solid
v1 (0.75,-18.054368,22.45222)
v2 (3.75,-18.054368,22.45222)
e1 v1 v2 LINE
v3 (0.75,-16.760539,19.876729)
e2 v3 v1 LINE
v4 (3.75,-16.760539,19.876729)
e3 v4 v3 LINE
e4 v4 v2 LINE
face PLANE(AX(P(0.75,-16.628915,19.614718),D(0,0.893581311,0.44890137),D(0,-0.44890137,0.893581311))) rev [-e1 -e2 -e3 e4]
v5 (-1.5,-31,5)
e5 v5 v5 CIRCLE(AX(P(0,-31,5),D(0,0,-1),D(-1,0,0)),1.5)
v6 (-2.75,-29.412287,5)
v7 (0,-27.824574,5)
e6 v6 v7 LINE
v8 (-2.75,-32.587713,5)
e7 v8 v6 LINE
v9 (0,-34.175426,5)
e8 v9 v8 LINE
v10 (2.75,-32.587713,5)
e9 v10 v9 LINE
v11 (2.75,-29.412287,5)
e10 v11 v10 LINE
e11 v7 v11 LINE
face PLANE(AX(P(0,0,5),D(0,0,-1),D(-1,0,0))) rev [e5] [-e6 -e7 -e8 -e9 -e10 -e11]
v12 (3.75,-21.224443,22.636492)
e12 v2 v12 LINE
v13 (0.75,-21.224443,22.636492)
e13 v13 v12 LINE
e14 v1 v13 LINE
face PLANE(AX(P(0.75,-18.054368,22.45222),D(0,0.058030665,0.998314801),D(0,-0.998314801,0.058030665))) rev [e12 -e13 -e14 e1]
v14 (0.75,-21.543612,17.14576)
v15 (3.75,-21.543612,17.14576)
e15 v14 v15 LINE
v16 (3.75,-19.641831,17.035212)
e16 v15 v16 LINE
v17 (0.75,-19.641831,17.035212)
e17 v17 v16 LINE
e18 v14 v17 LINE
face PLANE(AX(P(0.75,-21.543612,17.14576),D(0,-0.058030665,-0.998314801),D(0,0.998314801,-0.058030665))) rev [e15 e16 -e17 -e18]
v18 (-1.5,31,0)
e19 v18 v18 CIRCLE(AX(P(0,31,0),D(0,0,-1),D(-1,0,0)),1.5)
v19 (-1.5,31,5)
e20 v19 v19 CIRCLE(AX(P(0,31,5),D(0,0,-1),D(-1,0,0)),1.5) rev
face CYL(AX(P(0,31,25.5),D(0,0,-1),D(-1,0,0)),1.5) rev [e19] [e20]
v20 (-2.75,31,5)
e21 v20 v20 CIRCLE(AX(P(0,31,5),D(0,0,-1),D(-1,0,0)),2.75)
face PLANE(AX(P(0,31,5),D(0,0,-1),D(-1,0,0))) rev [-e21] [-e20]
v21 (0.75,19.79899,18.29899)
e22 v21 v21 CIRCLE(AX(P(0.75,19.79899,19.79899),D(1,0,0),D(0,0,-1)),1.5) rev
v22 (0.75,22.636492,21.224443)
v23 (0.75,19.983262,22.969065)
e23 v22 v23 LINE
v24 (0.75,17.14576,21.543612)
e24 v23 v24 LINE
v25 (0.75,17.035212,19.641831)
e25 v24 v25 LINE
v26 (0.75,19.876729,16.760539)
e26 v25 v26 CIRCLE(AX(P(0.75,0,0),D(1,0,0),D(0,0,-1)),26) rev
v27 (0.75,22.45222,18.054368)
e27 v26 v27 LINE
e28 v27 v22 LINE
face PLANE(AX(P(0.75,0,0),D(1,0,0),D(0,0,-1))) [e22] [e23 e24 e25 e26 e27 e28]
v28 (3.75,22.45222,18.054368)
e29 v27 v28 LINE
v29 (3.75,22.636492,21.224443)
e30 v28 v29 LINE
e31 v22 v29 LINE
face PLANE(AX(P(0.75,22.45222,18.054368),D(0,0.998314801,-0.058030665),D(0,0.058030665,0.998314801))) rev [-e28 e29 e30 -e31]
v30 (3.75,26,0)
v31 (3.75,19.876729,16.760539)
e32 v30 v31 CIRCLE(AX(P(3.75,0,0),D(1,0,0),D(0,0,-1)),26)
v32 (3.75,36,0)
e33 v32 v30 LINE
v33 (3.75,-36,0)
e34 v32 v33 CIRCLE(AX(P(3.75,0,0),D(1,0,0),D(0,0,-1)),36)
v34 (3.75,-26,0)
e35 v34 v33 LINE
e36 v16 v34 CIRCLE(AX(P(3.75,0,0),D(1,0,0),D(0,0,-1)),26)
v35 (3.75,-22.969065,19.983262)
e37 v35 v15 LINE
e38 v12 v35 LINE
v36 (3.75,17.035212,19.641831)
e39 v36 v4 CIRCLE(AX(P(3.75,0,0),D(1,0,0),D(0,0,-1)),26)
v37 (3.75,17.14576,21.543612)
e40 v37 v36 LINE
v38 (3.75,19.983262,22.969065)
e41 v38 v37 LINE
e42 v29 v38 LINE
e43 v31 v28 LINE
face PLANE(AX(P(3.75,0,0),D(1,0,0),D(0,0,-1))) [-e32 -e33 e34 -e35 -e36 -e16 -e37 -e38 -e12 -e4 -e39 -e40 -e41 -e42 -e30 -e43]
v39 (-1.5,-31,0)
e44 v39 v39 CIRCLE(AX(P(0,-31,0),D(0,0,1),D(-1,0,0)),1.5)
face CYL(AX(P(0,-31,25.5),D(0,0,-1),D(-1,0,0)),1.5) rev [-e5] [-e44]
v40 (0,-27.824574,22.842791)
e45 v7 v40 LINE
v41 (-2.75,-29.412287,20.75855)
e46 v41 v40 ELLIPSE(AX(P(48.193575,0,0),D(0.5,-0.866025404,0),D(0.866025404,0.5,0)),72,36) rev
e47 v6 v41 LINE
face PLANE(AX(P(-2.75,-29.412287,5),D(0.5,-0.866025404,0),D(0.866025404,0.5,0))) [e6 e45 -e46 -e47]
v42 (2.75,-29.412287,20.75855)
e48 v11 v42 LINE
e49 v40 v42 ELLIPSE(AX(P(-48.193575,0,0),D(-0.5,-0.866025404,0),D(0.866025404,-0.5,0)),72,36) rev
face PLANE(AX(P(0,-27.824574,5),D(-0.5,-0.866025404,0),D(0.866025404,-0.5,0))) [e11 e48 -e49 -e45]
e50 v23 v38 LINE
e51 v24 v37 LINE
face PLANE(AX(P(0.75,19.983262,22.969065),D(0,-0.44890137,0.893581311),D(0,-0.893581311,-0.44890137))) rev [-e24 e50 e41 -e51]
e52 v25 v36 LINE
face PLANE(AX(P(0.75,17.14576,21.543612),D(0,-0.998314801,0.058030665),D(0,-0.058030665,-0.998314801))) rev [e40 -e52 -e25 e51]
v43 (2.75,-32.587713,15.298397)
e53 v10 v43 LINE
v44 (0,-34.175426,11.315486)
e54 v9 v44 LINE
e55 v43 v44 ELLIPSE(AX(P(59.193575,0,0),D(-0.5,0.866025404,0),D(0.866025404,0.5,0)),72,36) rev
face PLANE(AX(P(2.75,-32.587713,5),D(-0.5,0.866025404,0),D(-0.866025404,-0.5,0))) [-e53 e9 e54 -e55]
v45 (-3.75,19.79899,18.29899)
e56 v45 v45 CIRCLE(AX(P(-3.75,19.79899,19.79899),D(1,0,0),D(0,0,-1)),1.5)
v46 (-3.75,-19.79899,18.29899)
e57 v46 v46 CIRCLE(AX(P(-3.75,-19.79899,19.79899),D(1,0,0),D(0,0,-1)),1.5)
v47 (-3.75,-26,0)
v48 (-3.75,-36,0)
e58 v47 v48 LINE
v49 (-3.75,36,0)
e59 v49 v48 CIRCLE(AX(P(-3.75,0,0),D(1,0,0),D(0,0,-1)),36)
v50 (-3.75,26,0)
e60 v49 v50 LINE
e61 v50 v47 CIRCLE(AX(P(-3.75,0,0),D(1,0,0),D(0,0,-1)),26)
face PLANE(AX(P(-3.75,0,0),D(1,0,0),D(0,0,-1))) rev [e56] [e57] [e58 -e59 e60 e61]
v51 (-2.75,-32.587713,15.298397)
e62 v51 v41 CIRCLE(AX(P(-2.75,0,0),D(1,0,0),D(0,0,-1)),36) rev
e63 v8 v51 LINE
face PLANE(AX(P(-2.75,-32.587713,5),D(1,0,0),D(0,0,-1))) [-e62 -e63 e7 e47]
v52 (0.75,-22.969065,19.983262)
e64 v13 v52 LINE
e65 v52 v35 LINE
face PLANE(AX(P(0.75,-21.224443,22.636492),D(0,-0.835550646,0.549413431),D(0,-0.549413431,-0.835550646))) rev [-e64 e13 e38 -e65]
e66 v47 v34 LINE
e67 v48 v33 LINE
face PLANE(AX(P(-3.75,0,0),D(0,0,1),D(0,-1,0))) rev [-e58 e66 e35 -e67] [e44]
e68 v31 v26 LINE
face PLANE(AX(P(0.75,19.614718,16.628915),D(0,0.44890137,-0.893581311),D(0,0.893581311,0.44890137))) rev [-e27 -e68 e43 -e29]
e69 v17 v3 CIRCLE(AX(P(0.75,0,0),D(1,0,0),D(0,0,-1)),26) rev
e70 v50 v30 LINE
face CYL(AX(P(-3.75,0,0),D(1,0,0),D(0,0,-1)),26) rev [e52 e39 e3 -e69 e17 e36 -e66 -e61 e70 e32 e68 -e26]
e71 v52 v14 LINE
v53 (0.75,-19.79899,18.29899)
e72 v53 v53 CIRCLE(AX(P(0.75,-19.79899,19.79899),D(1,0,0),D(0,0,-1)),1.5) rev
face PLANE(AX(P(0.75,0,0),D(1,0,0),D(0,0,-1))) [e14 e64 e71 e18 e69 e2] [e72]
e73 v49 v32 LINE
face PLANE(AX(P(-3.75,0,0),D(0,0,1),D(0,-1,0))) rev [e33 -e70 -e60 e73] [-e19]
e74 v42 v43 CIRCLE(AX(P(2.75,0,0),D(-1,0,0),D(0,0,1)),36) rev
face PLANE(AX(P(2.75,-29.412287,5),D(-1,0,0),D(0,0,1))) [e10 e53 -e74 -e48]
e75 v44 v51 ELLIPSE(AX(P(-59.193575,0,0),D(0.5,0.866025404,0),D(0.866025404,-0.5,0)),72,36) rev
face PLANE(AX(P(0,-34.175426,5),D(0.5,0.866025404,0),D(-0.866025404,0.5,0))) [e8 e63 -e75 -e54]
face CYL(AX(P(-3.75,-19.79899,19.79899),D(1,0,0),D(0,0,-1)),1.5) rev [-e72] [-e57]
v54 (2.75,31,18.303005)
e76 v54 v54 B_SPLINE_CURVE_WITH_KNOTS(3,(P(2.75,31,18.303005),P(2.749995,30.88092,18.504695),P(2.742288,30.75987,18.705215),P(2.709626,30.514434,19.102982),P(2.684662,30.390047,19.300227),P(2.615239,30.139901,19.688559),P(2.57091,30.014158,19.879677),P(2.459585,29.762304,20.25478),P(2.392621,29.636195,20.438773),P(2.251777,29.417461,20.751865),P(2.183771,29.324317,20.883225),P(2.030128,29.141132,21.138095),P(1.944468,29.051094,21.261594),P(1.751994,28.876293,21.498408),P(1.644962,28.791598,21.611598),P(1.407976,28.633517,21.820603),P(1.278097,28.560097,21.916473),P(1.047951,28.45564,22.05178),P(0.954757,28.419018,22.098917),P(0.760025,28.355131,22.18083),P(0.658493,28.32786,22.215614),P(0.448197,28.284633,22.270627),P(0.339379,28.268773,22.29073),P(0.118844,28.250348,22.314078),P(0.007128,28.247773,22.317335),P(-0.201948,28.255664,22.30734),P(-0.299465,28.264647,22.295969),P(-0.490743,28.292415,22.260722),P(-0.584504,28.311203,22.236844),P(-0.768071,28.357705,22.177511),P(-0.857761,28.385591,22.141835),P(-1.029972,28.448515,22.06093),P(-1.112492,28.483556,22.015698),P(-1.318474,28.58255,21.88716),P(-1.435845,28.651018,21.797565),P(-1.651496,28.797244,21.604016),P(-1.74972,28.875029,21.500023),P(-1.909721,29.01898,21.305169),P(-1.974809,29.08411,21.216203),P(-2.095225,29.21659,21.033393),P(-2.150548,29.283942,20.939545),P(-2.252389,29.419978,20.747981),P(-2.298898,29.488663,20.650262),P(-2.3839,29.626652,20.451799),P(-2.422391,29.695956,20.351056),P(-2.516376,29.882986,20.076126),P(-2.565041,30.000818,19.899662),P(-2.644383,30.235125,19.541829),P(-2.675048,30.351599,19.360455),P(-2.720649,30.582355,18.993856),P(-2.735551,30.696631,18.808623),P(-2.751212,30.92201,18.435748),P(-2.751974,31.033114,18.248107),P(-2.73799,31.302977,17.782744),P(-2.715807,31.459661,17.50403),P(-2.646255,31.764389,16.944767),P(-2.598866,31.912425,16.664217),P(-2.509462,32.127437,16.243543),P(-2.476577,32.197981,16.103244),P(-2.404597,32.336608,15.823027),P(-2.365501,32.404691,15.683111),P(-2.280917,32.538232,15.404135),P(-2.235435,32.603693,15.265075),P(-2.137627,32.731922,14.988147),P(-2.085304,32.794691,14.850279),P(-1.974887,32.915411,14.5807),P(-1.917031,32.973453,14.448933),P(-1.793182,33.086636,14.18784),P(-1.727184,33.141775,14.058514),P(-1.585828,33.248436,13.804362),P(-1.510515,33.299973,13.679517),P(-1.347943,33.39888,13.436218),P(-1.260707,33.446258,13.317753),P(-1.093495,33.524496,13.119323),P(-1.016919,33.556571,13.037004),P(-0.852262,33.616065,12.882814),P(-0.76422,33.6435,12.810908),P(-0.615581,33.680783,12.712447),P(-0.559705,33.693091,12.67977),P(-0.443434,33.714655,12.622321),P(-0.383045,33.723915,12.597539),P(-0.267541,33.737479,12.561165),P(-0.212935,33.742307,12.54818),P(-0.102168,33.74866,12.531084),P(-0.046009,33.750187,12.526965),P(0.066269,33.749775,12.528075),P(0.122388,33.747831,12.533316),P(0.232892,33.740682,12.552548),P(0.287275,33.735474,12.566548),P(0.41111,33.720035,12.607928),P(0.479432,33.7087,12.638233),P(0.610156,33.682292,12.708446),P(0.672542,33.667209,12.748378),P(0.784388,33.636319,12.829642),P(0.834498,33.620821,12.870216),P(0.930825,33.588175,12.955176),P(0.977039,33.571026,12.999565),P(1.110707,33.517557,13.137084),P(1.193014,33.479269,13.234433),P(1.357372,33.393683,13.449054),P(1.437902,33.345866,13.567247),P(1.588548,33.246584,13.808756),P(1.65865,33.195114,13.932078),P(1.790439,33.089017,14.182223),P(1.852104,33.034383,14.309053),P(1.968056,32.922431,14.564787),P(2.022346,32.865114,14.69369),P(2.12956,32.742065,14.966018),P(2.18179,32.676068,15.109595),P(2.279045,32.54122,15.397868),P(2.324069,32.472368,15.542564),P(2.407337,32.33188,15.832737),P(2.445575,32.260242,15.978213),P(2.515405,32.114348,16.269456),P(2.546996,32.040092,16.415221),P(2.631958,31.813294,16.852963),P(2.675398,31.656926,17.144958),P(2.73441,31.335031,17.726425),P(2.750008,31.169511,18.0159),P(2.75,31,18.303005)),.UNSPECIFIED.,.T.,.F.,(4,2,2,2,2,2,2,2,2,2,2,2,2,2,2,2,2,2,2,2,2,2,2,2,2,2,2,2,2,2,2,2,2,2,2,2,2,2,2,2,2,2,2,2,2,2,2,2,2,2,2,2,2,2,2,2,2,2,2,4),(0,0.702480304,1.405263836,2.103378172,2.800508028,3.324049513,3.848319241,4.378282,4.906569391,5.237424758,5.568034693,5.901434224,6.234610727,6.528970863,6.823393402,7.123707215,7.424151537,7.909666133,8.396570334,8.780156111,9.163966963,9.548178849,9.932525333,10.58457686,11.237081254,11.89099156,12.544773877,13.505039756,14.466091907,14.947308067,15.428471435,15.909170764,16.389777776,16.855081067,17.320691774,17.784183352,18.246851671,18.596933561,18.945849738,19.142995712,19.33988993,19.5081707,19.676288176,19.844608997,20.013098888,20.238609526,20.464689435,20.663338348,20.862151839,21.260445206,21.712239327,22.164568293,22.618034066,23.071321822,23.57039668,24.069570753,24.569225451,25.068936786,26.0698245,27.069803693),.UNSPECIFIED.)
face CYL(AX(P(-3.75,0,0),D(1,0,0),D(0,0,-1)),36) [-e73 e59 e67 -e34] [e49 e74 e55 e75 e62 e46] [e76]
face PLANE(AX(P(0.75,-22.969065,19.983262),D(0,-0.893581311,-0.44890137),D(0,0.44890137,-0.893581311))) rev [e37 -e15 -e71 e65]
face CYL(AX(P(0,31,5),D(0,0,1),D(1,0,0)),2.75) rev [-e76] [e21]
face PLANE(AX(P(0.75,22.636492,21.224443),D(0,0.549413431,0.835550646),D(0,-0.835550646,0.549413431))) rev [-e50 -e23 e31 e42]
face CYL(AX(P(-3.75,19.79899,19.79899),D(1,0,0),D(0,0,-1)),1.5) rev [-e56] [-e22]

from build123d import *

# Parameters (mm, degrees)
BOSS_EXTRUDE1_DEPTH      = 3.75
BOSS_EXTRUDE1_DEPTH_BACK = 3.75
SKETCH1_R                = 1.5
SKETCH3_R                = 1.5
CUT_EXTRUDE1_DEPTH       = 25.5
SKETCH4_R                = 2.75
CUT_EXTRUDE2_DEPTH       = 25
CUT_EXTRUDE3_DEPTH       = 25
CUT_EXTRUDE4_DEPTH       = 3


with BuildPart() as part:
    # Sketch1 → Boss-Extrude1 (new, two sides: drawn at the far end of the back side and taken through both)
    with BuildSketch(Plane(origin=(0, 0, 0), x_dir=(0, 0, -1), z_dir=(1, 0, 0)).offset(-BOSS_EXTRUDE1_DEPTH_BACK)):
        with BuildLine():
            Line((0, 26), (0, 36))
            ThreePointArc((0, 36), (-36, 0), (0, -36))
            Line((0, -36), (0, -26))
            ThreePointArc((0, -26), (-24.020867845, -9.949769241), (-18.384776311, 18.384776311))
            ThreePointArc((-18.384776311, 18.384776311), (-9.949769241, 24.020867845), (0, 26))
        make_face()
        with Locations((-19.798989873, -19.798989873)):
            Circle(SKETCH1_R, mode=Mode.SUBTRACT)
        with BuildLine():
            ThreePointArc((-18.298989873, 19.798989873), (-18.413170574, 19.224964725), (-18.738329701, 18.738329701))
            ThreePointArc((-18.738329701, 18.738329701), (-21.184809172, 20.373015022), (-18.298989873, 19.798989873))
        make_face(mode=Mode.SUBTRACT)
    extrude(amount=BOSS_EXTRUDE1_DEPTH + BOSS_EXTRUDE1_DEPTH_BACK)

    # Sketch3 → Cut-Extrude1 (cut)
    with BuildSketch(Plane(origin=(0, 0, 0), x_dir=(-1, 0, 0), z_dir=(0, 0, -1))):
        with Locations((0, 31)):
            Circle(SKETCH3_R)
    cut_extrude1 = extrude(amount=-CUT_EXTRUDE1_DEPTH, mode=Mode.SUBTRACT)

    # Mirror1: Cut-Extrude1 across plane
    add(cut_extrude1.mirror(Plane.ZX), mode=Mode.SUBTRACT)

    # Sketch4 → Cut-Extrude2 (cut)
    with BuildSketch(Plane(origin=(0, 0, 30), x_dir=(-1, 0, 0), z_dir=(0, 0, -1))):
        with Locations((0, 31)):
            Circle(SKETCH4_R)
    extrude(amount=CUT_EXTRUDE2_DEPTH, mode=Mode.SUBTRACT)

    # Sketch5 → Cut-Extrude3 (cut)
    with BuildSketch(Plane(origin=(0, 0, 30), x_dir=(-1, 0, 0), z_dir=(0, 0, -1))):
        Polygon((2.75, -32.58771324), (2.75, -29.41228676), (0, -27.824573519), (-2.75, -29.41228676), (-2.75, -32.58771324), (0, -34.175426481), align=None)
    extrude(amount=CUT_EXTRUDE3_DEPTH, mode=Mode.SUBTRACT)

    # Sketch6 → Cut-Extrude4 (cut)
    with BuildSketch(Plane(origin=(3.75, 0, 0), x_dir=(0, 0, -1), z_dir=(1, 0, 0))):
        Polygon((-22.45221952, -18.054367916), (-22.636491632, -21.224443171), (-19.983261985, -22.969065128), (-17.145760226, -21.543611831), (-16.961488115, -18.373536576), (-19.614717761, -16.628914618), align=None)
        Polygon((-18.054367916, 22.45221952), (-21.224443171, 22.636491632), (-22.969065128, 19.983261985), (-21.543611831, 17.145760226), (-18.373536576, 16.961488115), (-16.628914618, 19.614717761), align=None)
        Polygon((18.054367916, -22.45221952), (21.224443171, -22.636491632), (22.969065128, -19.983261985), (21.543611831, -17.145760226), (18.373536576, -16.961488115), (16.628914618, -19.614717761), align=None)
        Polygon((22.45221952, 18.054367916), (22.636491632, 21.224443171), (19.983261985, 22.969065128), (17.145760226, 21.543611831), (16.961488115, 18.373536576), (19.614717761, 16.628914618), align=None)
    extrude(amount=-CUT_EXTRUDE4_DEPTH, mode=Mode.SUBTRACT)


solid = part.part
